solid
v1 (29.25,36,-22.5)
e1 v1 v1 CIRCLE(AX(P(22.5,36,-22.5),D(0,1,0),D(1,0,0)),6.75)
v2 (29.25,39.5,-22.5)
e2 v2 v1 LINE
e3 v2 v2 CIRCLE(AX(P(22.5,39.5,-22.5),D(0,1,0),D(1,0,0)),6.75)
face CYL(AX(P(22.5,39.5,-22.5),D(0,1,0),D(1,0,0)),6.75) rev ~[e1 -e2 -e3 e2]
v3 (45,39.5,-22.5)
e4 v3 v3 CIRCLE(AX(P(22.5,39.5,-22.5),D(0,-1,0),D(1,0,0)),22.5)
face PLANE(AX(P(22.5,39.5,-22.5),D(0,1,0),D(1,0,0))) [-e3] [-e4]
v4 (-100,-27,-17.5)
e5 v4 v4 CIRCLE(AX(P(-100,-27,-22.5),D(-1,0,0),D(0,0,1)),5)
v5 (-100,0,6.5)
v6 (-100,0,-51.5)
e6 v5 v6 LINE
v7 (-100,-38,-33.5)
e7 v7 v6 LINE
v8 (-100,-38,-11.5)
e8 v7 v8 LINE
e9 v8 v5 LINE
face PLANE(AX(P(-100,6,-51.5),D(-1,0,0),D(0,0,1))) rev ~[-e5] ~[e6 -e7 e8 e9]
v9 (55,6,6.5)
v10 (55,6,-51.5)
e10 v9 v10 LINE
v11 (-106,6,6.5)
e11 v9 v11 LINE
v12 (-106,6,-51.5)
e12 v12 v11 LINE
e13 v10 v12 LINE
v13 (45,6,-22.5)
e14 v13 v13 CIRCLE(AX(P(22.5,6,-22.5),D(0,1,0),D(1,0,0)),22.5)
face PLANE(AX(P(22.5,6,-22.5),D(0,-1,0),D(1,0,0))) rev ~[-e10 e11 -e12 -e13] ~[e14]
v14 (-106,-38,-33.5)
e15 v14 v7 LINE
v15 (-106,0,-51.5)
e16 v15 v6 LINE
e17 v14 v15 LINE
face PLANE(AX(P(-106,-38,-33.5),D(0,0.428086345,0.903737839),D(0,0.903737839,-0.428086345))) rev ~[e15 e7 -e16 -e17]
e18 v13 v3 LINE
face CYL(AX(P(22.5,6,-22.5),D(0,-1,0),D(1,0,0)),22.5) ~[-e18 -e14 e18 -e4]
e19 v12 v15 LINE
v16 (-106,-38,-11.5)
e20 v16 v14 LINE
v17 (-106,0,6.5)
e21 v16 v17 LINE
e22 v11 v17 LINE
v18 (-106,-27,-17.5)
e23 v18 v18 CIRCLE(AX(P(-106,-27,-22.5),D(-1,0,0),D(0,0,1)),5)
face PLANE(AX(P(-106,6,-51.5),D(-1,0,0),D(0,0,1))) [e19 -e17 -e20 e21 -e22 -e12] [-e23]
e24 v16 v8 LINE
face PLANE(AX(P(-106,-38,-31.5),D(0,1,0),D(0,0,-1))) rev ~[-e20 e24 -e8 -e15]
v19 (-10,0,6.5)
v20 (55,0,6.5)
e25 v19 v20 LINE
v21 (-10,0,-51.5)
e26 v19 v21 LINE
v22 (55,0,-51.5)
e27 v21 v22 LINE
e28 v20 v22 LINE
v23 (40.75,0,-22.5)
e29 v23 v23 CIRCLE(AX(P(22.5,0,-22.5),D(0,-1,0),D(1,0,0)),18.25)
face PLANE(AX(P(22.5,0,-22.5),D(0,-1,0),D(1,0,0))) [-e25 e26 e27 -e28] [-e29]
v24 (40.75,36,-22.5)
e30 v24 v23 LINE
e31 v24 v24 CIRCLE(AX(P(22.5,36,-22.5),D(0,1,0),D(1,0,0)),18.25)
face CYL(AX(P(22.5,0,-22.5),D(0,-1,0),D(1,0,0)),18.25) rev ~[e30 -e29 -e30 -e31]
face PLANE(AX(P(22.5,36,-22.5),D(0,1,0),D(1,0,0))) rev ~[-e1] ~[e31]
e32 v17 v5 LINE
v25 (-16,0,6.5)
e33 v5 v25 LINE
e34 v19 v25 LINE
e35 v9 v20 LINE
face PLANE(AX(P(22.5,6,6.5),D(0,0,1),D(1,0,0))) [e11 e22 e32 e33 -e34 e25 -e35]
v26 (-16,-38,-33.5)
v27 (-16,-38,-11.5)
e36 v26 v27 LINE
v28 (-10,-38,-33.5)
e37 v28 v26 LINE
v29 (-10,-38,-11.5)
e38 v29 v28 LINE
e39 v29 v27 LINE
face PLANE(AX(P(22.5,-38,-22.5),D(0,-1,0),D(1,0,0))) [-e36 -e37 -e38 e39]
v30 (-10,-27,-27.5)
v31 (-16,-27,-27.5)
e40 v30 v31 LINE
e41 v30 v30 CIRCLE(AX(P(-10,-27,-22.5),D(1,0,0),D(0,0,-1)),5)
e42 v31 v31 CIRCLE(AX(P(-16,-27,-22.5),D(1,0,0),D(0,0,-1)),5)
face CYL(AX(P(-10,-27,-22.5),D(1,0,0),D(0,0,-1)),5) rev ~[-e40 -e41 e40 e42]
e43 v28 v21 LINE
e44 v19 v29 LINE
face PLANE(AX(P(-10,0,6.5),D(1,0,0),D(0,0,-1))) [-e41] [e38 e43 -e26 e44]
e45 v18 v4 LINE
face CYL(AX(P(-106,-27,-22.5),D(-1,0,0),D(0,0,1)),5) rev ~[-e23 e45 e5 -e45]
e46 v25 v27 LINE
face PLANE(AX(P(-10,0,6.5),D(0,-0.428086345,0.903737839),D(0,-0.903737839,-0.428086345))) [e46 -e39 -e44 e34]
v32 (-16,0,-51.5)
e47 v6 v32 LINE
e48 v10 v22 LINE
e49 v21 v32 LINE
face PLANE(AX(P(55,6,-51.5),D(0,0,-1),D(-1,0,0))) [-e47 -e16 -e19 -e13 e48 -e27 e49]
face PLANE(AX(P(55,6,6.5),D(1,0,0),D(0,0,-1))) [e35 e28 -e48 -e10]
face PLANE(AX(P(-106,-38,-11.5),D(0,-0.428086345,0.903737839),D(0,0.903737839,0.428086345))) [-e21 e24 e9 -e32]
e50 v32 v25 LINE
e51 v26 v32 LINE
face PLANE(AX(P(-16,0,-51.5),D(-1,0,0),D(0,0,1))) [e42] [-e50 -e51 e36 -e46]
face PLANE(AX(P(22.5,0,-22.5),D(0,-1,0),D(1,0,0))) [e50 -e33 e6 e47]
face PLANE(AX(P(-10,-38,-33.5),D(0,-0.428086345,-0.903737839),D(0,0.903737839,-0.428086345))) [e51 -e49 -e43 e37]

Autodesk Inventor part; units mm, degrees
ref_plane "YZ Plane" through (0, 0, 0) normal (1, 0, 0) x (0, 1, 0)
ref_plane "XZ Plane" through (0, 0, 0) normal (0, 1, 0) x (-1, 0, 0)
ref_plane "XY Plane" through (0, 0, 0) normal (0, 0, 1) x (1, 0, 0)
ref_plane "Work Plane3" through (0, 6, 0) normal (0, 1, 0) x (1, 0, 0)
sketch "Sketch2" plane through (0, 6, 0) normal (0, 1, 0) x (1, 0, 0)
  line L0 (0, 0) -> (0, 22.5)
  line L1 (0, 45) -> (0, 0) projected
  line L2 (0, 22.5) -> (22.5, 22.5)
  circle A0 centre (22.5, 22.5) radius 22.5
  dimension "d5" = 22.5
  dimension "d6" = 22.5
  dimension "d7" = 45
extrude "Extrusion2" add sketch "Sketch2" along normal blind 33.5
ref_plane "Work Plane2" through (0, 0, 0) normal (0, -1, 0) x (1, 0, 0)
sketch "Sketch3" plane through (0, 0, 0) normal (0, -1, 0) x (1, 0, 0)
  line L0 (0, -45) -> (0, 0) projected
  line L1 (0, 0) -> (0, -22.5)
  circle A0 centre (22.5, -22.5) radius 18.25
  dimension "d12" = 36.5
extrude "Extrusion3" cut sketch "Sketch3" against normal blind 65
sketch "Sketch4" plane through (22.5, 39.5, -22.5) normal (0, 1, 0) x (1, 0, 0)
  circle A0 centre (0, 0) radius 6.75
  point P0 (-22.5, -22.5)
  dimension "d15" = 13.5
extrude "Extrusion4" cut sketch "Sketch4" against normal blind 4.5
ref_plane "Work Plane1" through (0, 0, 0) normal (0, -1, 0) x (1, 0, 0)
sketch "Sketch5" plane through (0, 0, 0) normal (0, -1, 0) x (1, 0, 0)
  line L0 (0, -45) -> (0, 0) projected
  line L1 (0, 0) -> (22.5, 0)
  line L2 (0, 0) -> (45, 0) projected
sketch "Sketch6" plane through (22.5, 39.5, -22.5) normal (0, 1, 0) x (1, 0, 0)
  point P0 (-22.5, -22.5)
sketch "Sketch7" plane through (22.5, 39.5, -22.5) normal (0, 1, 0) x (1, 0, 0)
  circle A0 centre (0, 0) radius 18.25 projected
  circle A1 centre (0, 0) radius 18.25
  point P0 (-22.5, -22.5)
extrude "Extrusion5" add sketch "Sketch7" against normal blind 3.5
sketch "Sketch8" plane through (22.5, 39.5, -22.5) normal (0, 1, 0) x (1, 0, 0)
  circle A0 centre (0, 0) radius 6.75
  point P0 (-22.5, -22.5)
  dimension "d20" = 13.5
extrude "Extrusion6" cut sketch "Sketch8" against normal blind 3.5
sketch "Sketch9" plane through (22.5, 6, -22.5) normal (0, -1, 0) x (1, 0, 0)
  point P0 (-22.5, 22.5)
sketch "Sketch10" plane through (22.5, 39.5, -22.5) normal (0, 1, 0) x (1, 0, 0)
  point P0 (-22.5, -22.5)
sketch "Sketch11" plane through (22.5, 6, -22.5) normal (0, -1, 0) x (1, 0, 0)
  circle A0 centre (0, 0) radius 22.5 projected
  line L0 (0, 29) -> (32.5, 29)
  line L1 (32.5, 29) -> (32.5, -29)
  line L2 (32.5, -29) -> (-32.5, -29)
  line L3 (0, 29) -> (-32.5, 29)
  line L4 (-32.5, -29) -> (-128.5, -29)
  line L5 (-128.5, -29) -> (-128.5, 29)
  line L6 (-128.5, 29) -> (-32.5, 29)
  point P0 (-22.5, 22.5)
  dimension "d25" = 58
  dimension "d26" = 65
  dimension "d27" = 32.5
  dimension "d28" = 96
sketch "Sketch12" plane through (22.5, 6, -22.5) normal (0, -1, 0) x (1, 0, 0)
  point P0 (-22.5, 22.5)
extrude "Extrusion7" add sketch "Sketch11" along normal blind 6
sketch "Sketch13" plane through (22.5, 6, -22.5) normal (0, -1, 0) x (1, 0, 0)
  circle A0 centre (0, 0) radius 6.75 projected
  circle A1 centre (0, 0) radius 22.5
  point P0 (-22.5, 22.5)
extrude "Extrusion8" add sketch "Sketch13" along normal blind 6 contours A0 | A1
sketch "Sketch14" plane through (22.5, 0, -22.5) normal (0, -1, 0) x (1, 0, 0)
  circle A0 centre (0, 0) radius 18.25
  point P0 (-22.5, 22.5)
extrude "Extrusion9" cut sketch "Sketch14" against normal blind 6
sketch "Sketch15" plane through (-106, 6, -51.5) normal (-1, 0, 0) x (0, 0, 1)
  line L0 (58, -6) -> (0, -6) projected
  line L1 (29, -42) -> (38, -42)
  line L2 (29, -42) -> (20, -42)
  line L3 (20, -42) -> (0, -6)
  line L4 (38, -42) -> (58, -6)
  circle A0 centre (29, -33) radius 5
  point P0 (51.5, -6)
  dimension "d38" = 18
  dimension "d41" = 10
extrude "Extrusion10" add sketch "Sketch15" against normal blind 6
sketch "Sketch17" plane through (-106, -36, -31.5) normal (0, -1, 0) x (1, 0, 0)
  point P0 (106, 31.5)
sketch "Sketch18" plane through (-106, -36, -31.5) normal (0, -1, 0) x (1, 0, 0)
  line L0 (6, 18) -> (6, 0) projected
  line L1 (6, 18) -> (0, 18)
  line L2 (0, 38) -> (0, -20) projected
  line L3 (0, 0) -> (6, 0)
  line L4 (6, 0) -> (6, 18)
  line L5 (0, 18) -> (0, 0)
  point P0 (106, 31.5)
extrude "Extrusion12" add sketch "Sketch18" along normal blind 2
sketch "Sketch19" plane through (-106, 6, -51.5) normal (-1, 0, 0) x (0, 0, 1)
  line L0 (38, -42) -> (38, -44) projected
  line L1 (38, -44) -> (40, -44)
  line L2 (58, -44) -> (0, -44) projected
  line L3 (38, -42) -> (58, -6) projected
  line L4 (40, -44) -> (58, -6)
  line L5 (58, -6) -> (38, -42)
  line L6 (38, -42) -> (38, -44)
  line L7 (40, -44) -> (38, -44)
  point P0 (51.5, -6)
  dimension "d53" = 2
extrude "Extrusion13" add sketch "Sketch19" against normal blind 6
sketch "Sketch20" plane through (-106, 6, -51.5) normal (-1, 0, 0) x (0, 0, 1)
  line L0 (20, -42) -> (20, -44) projected
  line L1 (20, -44) -> (18, -44)
  line L2 (58, -44) -> (0, -44) projected
  line L3 (0, -6) -> (20, -42) projected
  line L4 (18, -44) -> (0, -6)
  line L5 (0, -6) -> (20, -42)
  line L6 (20, -42) -> (20, -44)
  line L7 (18, -44) -> (20, -44)
  point P0 (51.5, -6)
  dimension "d56" = 2
extrude "Extrusion14" add sketch "Sketch20" against normal blind 6
sketch "Sketch24" plane through (55, 6, -51.5) normal (0, 0, -1) x (-1, 0, 0)
  line L0 (155, -6) -> (0, -6) projected
  point P0 (55, -6)
  point P1 (61, -6)
sketch "Sketch25" plane through (22.5, 0, -22.5) normal (0, -1, 0) x (1, 0, 0)
  line L0 (-32.5, -29) -> (-38.5, -29)
  line L1 (-38.5, -29) -> (-38.5, 29)
  line L2 (32.5, 29) -> (-122.5, 29) projected
  line L3 (-38.5, 29) -> (-32.5, 29)
  line L4 (-32.5, 29) -> (-32.5, -29)
  point P0 (-22.5, 22.5)
  dimension "d71" = 6
  dimension "d72" = 6
extrude "Extrusion18" add sketch "Sketch25" along normal blind 38
sketch "Sketch26" plane through (-10, 0, 6.5) normal (1, 0, 0) x (0, 0, -1)
  line L0 (0, 0) -> (58, 0) projected
  circle A0 centre (29, -27) radius 5
  point P0 (6.5, 0)
  dimension "d76" = 10
sketch "Sketch27" plane through (-10, 0, 6.5) normal (1, 0, 0) x (0, 0, -1)
  point P0 (6.5, 0)
extrude "Extrusion19" cut sketch "Sketch26" against normal blind 6
sketch "Sketch28" plane through (-10, 0, 6.5) normal (1, 0, 0) x (0, 0, -1)
  circle A0 centre (29, -27) radius 5 projected
  line L0 (58, 0) -> (58, -38) projected
  line L1 (40, -38) -> (58, 0)
  line L2 (58, 0) -> (58, -38)
  line L3 (58, -38) -> (40, -38)
  point P0 (6.5, 0)
extrude "Extrusion20" cut sketch "Sketch28" against normal blind 6 contours L0 L3 L1
sketch "Sketch29" plane through (-10, -38, 6.5) normal (1, 0, 0) x (0, 0, -1)
  circle A0 centre (29, 11) radius 5 projected
  line L0 (0, 38) -> (18, 0) projected
  line L1 (18, 0) -> (0, 38)
  line L2 (0, 38) -> (0, 0) projected
  line L3 (0, 38) -> (0, 0)
  line L4 (0, 0) -> (18, 0)
  point P0 (6.5, 38)
extrude "Extrusion21" cut sketch "Sketch29" against normal blind 6 contours L0 L4 L2
sketch "Sketch30" plane through (55, 6, -51.5) normal (0, 0, -1) x (-1, 0, 0)
  point P0 (55, -6)
properties part number "angleadjuster"
